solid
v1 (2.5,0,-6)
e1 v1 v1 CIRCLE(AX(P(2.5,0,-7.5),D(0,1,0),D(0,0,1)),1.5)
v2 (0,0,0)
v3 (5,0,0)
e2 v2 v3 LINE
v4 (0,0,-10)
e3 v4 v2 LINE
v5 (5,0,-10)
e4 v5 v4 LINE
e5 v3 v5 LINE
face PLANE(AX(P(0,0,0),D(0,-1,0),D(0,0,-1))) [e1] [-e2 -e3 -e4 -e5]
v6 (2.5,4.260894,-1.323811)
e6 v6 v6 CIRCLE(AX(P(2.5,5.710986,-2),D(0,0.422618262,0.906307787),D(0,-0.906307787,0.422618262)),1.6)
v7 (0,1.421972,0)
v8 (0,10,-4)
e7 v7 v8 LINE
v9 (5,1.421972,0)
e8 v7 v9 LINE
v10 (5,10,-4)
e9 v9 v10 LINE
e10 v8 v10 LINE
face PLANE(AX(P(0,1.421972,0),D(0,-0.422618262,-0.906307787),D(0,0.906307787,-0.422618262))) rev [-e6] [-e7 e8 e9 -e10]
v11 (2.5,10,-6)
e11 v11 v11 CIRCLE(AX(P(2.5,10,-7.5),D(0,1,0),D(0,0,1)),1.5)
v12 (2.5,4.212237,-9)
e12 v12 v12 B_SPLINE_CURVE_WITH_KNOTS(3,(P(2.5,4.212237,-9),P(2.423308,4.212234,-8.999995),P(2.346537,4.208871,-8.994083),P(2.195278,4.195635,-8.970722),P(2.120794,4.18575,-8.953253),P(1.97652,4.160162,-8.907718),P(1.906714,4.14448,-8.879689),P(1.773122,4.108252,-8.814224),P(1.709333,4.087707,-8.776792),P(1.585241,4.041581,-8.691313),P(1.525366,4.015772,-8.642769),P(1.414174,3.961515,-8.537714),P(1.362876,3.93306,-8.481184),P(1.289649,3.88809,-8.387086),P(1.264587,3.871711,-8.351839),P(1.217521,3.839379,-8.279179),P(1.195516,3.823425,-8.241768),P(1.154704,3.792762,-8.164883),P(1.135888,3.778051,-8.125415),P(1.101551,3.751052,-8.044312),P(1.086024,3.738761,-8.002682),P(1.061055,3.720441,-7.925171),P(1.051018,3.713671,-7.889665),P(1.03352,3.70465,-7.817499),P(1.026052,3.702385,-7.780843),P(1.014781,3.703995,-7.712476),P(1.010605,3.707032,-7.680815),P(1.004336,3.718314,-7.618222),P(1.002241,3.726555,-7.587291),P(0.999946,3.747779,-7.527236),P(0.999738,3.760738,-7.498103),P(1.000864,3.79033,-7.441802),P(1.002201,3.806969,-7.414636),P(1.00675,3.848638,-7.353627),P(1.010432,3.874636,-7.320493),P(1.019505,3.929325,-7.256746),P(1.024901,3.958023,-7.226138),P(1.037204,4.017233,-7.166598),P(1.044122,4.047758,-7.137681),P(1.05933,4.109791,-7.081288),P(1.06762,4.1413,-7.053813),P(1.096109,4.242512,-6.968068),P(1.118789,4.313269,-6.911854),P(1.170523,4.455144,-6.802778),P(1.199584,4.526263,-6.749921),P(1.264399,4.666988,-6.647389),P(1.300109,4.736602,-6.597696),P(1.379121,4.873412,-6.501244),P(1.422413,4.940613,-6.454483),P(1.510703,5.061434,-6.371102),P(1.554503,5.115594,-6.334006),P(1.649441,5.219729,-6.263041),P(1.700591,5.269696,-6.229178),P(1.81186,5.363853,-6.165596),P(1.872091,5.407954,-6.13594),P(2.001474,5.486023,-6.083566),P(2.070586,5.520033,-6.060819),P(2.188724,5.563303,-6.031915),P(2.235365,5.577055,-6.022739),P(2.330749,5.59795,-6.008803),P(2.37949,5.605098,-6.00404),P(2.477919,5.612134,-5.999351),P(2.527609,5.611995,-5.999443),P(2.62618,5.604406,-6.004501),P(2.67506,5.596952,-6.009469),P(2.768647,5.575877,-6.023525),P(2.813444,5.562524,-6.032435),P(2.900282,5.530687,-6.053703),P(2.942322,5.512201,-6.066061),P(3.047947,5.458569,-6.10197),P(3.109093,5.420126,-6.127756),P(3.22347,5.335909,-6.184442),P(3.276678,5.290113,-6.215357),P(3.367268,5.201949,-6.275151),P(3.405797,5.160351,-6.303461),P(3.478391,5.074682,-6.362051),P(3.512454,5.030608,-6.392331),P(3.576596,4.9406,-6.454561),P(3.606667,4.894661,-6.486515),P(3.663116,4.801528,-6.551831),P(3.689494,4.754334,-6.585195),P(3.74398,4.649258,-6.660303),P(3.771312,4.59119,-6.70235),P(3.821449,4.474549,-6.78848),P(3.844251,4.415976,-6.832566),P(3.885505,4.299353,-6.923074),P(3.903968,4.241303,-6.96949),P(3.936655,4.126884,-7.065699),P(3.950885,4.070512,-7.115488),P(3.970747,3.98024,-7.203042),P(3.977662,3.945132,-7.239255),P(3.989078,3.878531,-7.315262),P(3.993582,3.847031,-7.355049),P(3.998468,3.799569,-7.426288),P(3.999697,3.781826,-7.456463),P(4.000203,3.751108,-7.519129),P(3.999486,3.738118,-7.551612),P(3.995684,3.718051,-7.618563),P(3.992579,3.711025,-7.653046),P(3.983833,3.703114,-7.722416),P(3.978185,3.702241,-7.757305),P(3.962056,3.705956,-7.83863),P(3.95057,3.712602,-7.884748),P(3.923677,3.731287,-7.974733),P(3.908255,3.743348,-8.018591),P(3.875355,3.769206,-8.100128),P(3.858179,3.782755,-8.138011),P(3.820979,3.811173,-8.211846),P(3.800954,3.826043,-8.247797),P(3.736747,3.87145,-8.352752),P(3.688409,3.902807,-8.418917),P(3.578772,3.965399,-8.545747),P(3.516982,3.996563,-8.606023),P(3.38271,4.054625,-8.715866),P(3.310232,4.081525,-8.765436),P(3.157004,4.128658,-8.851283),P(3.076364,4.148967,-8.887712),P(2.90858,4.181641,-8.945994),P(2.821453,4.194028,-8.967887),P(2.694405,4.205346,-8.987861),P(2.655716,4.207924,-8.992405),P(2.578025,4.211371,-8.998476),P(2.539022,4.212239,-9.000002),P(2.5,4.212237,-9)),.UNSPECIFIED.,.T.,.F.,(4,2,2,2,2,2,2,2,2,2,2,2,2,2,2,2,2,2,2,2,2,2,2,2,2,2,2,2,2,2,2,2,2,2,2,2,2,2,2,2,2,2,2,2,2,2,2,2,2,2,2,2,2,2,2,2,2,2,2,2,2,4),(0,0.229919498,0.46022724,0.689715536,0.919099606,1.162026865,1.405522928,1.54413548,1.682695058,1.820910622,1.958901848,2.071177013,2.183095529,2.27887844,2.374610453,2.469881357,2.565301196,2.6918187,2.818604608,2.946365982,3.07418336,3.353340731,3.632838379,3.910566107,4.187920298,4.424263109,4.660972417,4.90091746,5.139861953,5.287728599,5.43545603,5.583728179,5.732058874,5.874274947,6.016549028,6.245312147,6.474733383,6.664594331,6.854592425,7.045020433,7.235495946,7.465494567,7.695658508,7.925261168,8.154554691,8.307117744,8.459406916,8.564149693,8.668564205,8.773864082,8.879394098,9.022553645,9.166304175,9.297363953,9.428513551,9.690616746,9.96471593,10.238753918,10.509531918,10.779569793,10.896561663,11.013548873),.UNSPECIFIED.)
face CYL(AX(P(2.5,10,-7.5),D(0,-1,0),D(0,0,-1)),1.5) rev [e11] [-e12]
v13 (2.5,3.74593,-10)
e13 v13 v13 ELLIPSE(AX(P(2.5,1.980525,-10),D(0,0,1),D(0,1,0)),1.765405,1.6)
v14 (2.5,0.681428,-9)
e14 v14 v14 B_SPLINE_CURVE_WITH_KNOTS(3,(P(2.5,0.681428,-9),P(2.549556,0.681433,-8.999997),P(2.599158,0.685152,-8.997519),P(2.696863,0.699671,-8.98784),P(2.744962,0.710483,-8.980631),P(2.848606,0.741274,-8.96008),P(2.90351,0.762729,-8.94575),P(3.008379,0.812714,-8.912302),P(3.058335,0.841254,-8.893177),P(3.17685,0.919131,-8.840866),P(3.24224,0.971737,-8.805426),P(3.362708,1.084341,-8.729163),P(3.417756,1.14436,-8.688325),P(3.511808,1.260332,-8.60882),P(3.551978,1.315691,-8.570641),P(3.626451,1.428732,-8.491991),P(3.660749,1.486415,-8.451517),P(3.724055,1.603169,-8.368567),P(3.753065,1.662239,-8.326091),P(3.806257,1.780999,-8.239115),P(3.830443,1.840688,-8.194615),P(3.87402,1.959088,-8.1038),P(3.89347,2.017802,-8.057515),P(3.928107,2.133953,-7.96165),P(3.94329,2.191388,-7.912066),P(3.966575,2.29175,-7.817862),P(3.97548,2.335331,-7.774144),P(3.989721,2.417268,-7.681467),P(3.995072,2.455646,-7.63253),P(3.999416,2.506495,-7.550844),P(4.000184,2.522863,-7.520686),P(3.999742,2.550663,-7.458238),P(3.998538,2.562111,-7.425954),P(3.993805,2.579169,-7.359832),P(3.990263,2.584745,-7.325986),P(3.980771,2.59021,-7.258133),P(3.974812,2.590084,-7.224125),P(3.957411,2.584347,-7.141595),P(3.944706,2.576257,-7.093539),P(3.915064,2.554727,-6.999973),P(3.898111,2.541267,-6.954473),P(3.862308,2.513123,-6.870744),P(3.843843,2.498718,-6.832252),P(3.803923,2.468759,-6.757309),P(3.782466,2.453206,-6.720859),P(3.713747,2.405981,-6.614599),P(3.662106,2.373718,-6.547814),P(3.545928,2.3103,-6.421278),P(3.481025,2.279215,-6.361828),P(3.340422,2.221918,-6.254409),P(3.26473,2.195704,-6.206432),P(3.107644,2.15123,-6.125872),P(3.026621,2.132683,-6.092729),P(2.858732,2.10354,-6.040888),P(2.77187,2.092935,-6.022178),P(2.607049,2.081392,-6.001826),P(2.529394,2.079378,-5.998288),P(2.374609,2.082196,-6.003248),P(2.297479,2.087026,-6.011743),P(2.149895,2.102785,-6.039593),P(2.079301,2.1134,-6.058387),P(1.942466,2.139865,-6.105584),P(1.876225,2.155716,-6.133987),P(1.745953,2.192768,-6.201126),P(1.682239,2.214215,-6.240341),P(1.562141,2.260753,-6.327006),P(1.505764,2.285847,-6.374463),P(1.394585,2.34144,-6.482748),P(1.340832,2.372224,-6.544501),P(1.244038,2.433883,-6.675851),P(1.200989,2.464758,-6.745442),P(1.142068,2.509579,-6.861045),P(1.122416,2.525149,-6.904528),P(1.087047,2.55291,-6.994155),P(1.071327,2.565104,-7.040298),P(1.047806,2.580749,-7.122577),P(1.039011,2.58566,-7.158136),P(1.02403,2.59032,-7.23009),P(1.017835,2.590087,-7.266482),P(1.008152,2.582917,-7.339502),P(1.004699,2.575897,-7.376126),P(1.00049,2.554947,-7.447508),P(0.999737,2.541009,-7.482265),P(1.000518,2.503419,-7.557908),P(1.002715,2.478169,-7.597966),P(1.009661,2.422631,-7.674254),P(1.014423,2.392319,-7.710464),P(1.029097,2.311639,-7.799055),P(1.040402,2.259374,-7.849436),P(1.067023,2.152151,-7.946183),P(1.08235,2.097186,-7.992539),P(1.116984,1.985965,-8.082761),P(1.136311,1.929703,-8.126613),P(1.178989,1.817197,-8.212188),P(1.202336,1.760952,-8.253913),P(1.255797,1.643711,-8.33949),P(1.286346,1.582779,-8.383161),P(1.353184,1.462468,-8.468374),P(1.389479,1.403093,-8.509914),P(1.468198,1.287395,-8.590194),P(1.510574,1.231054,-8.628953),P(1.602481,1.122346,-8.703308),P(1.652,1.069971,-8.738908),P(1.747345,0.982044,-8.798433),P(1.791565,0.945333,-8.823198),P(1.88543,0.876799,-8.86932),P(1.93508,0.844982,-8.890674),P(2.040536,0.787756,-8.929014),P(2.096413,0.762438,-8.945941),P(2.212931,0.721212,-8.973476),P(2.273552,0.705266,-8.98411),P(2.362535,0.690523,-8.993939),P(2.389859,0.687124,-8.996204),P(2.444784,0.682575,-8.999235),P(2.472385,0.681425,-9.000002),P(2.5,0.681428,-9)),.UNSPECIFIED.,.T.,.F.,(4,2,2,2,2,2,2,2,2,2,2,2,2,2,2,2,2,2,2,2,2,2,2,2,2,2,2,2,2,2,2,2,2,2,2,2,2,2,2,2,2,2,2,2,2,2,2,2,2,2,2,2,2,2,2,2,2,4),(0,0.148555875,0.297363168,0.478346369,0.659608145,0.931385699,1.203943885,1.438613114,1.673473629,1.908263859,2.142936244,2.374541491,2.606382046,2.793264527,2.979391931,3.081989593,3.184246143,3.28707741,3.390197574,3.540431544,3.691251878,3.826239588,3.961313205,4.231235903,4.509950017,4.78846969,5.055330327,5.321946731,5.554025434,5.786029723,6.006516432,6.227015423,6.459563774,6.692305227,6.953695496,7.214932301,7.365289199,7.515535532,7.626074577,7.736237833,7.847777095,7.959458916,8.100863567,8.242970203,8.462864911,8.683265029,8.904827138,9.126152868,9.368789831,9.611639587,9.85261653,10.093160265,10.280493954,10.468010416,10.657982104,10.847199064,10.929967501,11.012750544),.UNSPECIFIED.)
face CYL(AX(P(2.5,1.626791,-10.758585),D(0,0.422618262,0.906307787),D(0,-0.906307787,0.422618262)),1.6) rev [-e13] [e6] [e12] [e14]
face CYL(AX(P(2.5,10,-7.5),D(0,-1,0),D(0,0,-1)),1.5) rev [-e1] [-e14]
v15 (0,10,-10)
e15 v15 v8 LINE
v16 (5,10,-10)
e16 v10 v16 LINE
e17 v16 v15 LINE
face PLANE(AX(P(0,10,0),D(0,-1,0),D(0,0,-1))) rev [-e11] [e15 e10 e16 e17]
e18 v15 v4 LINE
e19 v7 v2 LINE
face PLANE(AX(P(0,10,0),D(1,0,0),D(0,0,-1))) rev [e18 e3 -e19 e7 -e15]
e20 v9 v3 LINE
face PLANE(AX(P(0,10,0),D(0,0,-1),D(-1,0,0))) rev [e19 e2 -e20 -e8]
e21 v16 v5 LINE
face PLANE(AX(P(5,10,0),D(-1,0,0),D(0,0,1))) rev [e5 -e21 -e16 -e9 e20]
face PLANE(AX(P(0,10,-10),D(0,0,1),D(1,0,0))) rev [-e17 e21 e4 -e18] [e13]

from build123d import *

# Parameters (mm, degrees)
SKETCH_1_W          = 5
SKETCH_1_H          = 10
SKETCH_1_R          = 1.5
EXTRUDE_1_DEPTH     = 10
CUT_EXTRUDE_1_DEPTH = 5
SKETCH_3_R          = 1.6
CUT_EXTRUDE_2_DEPTH = 16.204427687


with BuildPart() as part:
    # 草图1 → 凸台-拉伸1 (new body)
    with BuildSketch(Plane(origin=(0, 0, 0), x_dir=(1, 0, 0), z_dir=(0, 1, 0))):
        with Locations((2.5, 5)):
            Rectangle(SKETCH_1_W, SKETCH_1_H)
        with Locations(Location((2.5, 7.5, 0), (0, 0, 270))):
            Circle(SKETCH_1_R, mode=Mode.SUBTRACT)
    extrude(amount=EXTRUDE_1_DEPTH)

    # 草图2 → 切除-拉伸1 (cut)
    with BuildSketch(Plane(origin=(5, 0, 0), x_dir=(0, 0, -1), z_dir=(1, 0, 0))):
        Polygon((0, 1.421972318), (4, 10), (0, 10), align=None)
    extrude(amount=-CUT_EXTRUDE_1_DEPTH, mode=Mode.SUBTRACT)

    # 草图3 → 切除-拉伸2 (cut, through all)
    with BuildSketch(Plane(origin=(0, 0.253973065, 0.544646996), x_dir=(1, 0, 0), z_dir=(0, 0.4226182617406973, 0.906307787036651))):
        with Locations(Location((2.5, 6.021147751, 0), (0, 0, 270))):
            Circle(SKETCH_3_R)
    extrude(amount=-CUT_EXTRUDE_2_DEPTH, mode=Mode.SUBTRACT)


solid = part.part
